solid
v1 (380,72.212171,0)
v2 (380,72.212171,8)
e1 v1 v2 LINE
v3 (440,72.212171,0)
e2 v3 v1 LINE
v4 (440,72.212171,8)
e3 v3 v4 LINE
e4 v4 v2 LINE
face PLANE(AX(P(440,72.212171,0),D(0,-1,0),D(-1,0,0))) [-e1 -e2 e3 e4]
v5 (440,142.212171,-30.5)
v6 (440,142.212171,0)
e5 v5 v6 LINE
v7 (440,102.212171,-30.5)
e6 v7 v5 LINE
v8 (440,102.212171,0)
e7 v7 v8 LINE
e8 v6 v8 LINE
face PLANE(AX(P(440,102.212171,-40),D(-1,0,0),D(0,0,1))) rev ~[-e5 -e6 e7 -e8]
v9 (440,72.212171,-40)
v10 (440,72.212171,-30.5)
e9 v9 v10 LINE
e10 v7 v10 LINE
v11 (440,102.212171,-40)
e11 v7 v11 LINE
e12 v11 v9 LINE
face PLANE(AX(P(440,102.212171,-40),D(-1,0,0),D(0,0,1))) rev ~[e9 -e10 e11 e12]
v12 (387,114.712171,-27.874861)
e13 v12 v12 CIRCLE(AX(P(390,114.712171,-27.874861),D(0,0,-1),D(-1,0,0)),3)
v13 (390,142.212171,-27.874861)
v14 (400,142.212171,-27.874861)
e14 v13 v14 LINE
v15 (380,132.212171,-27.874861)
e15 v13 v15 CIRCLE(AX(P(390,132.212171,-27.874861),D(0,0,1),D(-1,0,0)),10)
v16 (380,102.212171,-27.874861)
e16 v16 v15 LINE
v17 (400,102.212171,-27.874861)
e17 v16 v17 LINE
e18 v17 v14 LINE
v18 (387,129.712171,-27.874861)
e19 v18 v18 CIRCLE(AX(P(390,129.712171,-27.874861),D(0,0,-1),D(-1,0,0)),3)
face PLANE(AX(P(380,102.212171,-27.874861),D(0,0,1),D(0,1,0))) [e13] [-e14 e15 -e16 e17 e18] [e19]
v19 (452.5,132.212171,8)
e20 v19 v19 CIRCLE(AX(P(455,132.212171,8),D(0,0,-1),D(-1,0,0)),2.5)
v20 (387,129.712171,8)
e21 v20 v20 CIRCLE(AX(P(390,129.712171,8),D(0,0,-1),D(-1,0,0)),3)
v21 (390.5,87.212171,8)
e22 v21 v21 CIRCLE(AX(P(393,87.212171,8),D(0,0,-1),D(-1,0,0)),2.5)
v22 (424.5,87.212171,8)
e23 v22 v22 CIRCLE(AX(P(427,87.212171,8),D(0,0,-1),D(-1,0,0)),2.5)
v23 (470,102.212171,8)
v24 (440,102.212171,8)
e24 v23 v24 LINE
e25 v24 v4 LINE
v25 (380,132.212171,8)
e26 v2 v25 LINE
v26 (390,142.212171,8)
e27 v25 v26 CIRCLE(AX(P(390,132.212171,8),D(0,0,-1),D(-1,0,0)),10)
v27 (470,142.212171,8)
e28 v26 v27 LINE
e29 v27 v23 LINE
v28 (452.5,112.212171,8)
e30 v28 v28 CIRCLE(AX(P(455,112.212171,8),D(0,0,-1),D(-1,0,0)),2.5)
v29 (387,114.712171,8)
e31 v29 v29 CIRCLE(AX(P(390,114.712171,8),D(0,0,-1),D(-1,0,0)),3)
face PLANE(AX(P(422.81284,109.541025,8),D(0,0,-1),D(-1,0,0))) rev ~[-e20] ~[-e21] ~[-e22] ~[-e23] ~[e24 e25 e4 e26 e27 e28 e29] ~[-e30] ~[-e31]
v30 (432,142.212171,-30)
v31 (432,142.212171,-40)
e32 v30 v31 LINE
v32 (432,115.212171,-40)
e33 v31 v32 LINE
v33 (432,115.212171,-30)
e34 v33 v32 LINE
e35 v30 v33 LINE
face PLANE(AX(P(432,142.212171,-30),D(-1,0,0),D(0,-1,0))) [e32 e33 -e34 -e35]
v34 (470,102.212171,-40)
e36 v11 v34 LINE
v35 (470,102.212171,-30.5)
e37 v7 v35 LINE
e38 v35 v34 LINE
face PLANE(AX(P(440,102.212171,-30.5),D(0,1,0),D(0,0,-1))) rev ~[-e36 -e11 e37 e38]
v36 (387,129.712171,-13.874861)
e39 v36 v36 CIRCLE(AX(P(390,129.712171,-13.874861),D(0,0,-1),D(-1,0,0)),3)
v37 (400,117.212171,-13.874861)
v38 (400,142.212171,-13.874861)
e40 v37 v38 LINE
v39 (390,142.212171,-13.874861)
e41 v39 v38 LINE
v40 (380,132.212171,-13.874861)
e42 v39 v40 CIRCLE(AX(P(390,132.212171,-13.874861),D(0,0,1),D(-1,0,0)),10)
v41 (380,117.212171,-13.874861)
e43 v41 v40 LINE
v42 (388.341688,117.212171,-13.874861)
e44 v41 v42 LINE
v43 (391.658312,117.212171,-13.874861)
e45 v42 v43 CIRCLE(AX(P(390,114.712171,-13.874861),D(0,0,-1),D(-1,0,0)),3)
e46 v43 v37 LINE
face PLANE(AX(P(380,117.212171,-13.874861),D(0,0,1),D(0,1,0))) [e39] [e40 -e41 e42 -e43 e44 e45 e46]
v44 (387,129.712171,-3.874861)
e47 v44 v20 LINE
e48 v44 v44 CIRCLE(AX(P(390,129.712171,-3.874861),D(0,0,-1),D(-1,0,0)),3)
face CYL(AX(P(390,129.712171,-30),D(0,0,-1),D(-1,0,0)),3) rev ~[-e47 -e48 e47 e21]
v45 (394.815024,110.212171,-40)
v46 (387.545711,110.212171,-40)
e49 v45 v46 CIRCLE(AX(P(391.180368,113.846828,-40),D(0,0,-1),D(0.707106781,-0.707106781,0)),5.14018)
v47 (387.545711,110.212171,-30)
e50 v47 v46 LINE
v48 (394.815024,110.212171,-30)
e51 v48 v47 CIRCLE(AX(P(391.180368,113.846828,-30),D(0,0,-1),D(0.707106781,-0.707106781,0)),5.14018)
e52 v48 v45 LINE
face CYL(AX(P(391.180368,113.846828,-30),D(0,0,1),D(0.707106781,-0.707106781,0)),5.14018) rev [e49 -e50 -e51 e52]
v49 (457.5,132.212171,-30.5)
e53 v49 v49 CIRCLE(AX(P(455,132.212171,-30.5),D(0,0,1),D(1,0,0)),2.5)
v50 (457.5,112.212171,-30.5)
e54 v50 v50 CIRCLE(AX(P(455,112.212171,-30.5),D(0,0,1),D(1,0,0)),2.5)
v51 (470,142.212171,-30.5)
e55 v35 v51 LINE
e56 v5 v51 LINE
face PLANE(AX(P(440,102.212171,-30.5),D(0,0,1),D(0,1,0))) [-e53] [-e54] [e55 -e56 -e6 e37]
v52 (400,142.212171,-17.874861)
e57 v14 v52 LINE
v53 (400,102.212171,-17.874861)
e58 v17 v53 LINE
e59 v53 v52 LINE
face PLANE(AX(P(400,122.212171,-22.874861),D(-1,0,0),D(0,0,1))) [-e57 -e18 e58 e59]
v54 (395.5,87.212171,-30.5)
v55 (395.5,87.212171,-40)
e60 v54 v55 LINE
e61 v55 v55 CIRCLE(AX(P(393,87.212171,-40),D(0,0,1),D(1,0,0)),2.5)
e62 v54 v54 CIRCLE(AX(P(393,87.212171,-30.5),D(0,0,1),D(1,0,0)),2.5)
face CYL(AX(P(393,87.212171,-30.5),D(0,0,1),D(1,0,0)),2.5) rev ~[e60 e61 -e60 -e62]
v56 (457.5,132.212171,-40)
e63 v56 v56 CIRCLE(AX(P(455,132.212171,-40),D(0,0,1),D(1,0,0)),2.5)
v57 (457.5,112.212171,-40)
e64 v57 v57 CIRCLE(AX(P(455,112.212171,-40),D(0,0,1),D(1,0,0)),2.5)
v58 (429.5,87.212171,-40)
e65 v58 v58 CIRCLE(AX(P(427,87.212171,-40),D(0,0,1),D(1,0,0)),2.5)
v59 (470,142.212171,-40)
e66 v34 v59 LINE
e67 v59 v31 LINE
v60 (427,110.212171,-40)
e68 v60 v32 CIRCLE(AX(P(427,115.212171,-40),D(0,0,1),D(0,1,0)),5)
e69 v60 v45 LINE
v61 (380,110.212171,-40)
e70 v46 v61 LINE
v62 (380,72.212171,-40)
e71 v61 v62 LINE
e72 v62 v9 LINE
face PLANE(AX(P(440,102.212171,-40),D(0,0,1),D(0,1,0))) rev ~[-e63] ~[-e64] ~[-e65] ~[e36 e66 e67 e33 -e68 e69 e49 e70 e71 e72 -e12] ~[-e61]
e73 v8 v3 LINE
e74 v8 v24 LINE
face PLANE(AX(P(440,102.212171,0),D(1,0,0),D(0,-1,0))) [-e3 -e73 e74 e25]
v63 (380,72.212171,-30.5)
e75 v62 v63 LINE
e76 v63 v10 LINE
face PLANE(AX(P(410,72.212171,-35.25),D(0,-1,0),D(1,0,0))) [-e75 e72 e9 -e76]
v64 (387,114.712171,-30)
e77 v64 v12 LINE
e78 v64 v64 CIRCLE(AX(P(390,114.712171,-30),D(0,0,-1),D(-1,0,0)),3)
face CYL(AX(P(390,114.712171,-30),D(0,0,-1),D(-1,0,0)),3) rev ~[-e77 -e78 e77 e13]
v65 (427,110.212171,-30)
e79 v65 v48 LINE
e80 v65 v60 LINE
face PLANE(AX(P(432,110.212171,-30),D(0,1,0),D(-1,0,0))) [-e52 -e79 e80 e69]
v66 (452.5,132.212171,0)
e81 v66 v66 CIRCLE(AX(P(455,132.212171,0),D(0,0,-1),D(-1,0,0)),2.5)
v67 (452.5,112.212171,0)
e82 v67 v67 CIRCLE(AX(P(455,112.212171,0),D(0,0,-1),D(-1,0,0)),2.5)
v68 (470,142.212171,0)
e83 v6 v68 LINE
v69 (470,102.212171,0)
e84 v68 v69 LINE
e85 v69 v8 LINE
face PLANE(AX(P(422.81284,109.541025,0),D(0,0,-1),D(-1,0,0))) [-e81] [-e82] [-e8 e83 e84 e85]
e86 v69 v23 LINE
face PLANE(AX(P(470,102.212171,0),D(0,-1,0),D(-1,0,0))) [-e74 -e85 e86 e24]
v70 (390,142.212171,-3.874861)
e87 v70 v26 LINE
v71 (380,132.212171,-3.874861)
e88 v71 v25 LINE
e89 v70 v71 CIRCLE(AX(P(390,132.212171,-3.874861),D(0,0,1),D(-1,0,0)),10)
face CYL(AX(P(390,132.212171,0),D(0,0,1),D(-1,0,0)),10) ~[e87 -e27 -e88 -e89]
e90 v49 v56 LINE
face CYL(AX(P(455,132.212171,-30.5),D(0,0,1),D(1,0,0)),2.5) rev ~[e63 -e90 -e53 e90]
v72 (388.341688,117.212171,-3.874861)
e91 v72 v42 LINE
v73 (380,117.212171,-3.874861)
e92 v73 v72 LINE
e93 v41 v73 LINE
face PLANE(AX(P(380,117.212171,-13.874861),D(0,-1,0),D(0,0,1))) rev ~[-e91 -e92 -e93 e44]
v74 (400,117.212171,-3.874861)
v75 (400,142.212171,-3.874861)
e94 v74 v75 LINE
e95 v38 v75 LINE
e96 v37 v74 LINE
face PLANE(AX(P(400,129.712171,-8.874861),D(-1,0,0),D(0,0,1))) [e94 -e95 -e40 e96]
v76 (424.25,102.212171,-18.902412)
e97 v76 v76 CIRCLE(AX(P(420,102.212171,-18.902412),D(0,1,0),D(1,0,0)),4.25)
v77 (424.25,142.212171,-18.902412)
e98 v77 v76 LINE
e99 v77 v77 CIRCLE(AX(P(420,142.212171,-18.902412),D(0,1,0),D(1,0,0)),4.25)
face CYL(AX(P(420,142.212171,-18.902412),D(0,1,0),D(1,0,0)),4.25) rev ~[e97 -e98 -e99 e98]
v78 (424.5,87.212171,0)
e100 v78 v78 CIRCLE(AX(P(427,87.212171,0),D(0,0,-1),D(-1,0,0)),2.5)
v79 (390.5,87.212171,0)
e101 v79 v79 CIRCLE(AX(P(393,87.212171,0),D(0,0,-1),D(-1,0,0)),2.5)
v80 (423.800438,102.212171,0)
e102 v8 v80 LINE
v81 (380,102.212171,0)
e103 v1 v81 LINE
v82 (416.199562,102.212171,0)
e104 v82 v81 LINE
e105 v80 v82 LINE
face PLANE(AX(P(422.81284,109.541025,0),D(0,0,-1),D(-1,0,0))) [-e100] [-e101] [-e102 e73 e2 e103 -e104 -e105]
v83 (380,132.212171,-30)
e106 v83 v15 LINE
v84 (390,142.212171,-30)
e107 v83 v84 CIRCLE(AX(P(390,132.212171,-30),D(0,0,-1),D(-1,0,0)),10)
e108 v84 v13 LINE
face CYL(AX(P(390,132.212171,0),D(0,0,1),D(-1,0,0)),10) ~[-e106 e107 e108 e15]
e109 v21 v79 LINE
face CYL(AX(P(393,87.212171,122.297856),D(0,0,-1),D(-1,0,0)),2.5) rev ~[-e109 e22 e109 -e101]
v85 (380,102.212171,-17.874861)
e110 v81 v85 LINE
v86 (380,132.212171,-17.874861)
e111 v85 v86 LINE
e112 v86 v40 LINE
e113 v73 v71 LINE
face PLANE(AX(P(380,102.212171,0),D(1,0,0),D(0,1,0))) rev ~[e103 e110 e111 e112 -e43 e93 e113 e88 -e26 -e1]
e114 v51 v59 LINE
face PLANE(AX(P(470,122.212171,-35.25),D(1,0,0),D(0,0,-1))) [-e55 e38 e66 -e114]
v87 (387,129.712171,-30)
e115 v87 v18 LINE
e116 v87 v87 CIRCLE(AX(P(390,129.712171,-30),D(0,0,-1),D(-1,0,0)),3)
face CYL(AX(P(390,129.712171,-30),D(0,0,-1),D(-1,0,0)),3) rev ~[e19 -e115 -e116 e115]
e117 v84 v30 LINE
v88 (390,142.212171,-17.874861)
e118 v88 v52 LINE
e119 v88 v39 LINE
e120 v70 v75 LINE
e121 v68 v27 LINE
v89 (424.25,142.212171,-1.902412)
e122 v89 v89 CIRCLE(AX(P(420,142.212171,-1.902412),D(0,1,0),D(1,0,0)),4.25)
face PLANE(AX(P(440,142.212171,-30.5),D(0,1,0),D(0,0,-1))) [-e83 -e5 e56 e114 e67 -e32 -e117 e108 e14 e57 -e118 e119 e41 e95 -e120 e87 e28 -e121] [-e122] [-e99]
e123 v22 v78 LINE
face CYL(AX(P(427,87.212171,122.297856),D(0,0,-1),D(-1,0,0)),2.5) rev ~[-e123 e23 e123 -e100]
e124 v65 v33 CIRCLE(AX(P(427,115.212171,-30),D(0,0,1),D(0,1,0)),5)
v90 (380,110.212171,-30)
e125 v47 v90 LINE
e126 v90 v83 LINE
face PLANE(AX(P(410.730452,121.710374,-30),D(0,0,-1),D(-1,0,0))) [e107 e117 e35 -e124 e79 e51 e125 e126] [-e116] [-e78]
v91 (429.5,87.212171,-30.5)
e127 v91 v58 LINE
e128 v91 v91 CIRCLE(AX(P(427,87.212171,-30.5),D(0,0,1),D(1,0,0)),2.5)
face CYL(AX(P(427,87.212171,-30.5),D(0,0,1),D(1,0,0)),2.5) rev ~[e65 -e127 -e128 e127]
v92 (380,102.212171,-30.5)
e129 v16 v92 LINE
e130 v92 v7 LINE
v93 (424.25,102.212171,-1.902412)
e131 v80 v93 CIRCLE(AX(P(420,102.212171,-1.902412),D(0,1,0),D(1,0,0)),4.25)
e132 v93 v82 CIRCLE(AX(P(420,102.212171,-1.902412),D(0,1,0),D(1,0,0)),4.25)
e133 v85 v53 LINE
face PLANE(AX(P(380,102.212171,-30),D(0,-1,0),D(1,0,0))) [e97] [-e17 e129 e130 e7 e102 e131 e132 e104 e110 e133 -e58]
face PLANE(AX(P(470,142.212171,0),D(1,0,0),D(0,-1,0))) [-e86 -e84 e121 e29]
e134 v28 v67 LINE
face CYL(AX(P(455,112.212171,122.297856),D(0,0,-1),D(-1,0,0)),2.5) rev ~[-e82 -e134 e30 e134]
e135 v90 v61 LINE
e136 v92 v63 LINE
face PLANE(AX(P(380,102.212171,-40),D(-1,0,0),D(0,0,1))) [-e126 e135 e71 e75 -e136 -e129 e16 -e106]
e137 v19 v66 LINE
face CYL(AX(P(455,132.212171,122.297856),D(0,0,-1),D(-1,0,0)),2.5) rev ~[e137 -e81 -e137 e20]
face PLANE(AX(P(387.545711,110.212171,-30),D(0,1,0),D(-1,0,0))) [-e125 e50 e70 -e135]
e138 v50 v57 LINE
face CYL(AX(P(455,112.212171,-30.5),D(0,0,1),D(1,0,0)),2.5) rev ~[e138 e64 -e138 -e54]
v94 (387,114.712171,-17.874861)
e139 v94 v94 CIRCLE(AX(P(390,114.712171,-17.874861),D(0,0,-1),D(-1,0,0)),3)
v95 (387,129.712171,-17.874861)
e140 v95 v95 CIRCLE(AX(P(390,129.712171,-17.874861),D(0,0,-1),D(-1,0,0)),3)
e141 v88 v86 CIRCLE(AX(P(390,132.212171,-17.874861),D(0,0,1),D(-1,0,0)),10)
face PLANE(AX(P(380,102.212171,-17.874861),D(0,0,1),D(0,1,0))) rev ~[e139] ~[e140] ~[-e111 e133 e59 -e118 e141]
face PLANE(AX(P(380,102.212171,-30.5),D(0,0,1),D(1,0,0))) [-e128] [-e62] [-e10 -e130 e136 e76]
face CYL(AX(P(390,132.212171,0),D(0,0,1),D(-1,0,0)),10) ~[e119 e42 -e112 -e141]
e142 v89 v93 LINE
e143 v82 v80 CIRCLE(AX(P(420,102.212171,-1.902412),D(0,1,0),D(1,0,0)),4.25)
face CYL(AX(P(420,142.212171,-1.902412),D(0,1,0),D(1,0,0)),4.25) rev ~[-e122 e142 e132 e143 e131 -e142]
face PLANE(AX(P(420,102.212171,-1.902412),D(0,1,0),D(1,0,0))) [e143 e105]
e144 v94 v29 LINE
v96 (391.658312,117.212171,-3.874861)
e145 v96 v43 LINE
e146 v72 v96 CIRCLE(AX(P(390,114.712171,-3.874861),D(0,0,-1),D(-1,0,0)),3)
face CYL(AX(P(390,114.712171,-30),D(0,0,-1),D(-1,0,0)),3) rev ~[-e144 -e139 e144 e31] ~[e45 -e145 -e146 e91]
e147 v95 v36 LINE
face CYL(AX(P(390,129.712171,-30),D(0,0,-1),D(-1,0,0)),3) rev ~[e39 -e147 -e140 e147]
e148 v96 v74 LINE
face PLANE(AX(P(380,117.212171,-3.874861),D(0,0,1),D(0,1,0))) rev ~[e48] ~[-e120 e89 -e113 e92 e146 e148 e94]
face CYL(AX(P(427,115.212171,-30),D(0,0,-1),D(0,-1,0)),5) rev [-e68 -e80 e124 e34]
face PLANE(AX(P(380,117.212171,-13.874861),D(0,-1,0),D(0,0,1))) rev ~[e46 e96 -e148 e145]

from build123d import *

# Parameters (mm, degrees)
RESSALTO_EXTRUS_O1_DEPTH                   = 8
BROCA_DE_ROSQUEAR_PARA_TARRAXA_DE_M6X1_0_D = 5
RESSALTO_EXTRUS_O2_DEPTH                   = 30
ESBO_O6_W                                  = 10
ESBO_O6_H                                  = 40
ESBO_O6_H_2                                = 25
CORTE_EXTRUS_O2_DEPTH                      = 20
ESBO_O14_R                                 = 3
CORTE_EXTRUS_O6_DEPTH                      = 39
ESBO_O15_R                                 = 4.25
CORTE_EXTRUS_O7_DEPTH                      = 40
RESSALTO_EXTRUS_O3_DEPTH                   = 10
ESBO_O17_W                                 = 60
ESBO_O17_H                                 = 9.5
RESSALTO_EXTRUS_O4_DEPTH                   = 30
ESBO_O18_W                                 = 9.5
ESBO_O18_H                                 = 40
RESSALTO_EXTRUS_O5_DEPTH                   = 30
FILETE1_R                                  = 5
ESBO_O19_R                                 = 2.5
CORTE_EXTRUS_O8_DEPTH                      = 10
ESBO_O20_R                                 = 2.5
CORTE_EXTRUS_O9_DEPTH                      = 10


with BuildPart() as part:
    # Esboço1 → Ressalto-extrusão1 (new body)
    with BuildSketch(Plane.XY):
        with BuildLine():
            Line((440, 72.212171493), (380, 72.212171493))
            Line((380, 72.212171493), (380, 132.212171493))
            ThreePointArc((380, 132.212171493), (382.928932188, 139.283239304), (390, 142.212171493))
            Line((390, 142.212171493), (470, 142.212171493))
            Line((470, 142.212171493), (470, 102.212171493))
            Line((470, 102.212171493), (440, 102.212171493))
            Line((440, 102.212171493), (440, 72.212171493))
        make_face()
    extrude(amount=RESSALTO_EXTRUS_O1_DEPTH)

    # Broca de rosquear para tarraxa de M6x1.01 (through all)
    with Locations(Plane.XY.offset(8)):
        with Locations((393, 87.212171493), (427, 87.212171493), (455, 112.212171493), (455, 132.212171493)):
            Hole(BROCA_DE_ROSQUEAR_PARA_TARRAXA_DE_M6X1_0_D / 2)

    # Esboço4 → Ressalto-extrusão2 (add)
    with BuildSketch(Plane(origin=(0, 0, 0), x_dir=(-1, 0, 0), z_dir=(0, 0, -1))):
        with BuildLine():
            Line((-390, 142.212171493), (-440, 142.212171493))
            Line((-440, 142.212171493), (-440, 102.212171493))
            Line((-440, 102.212171493), (-380, 102.212171493))
            Line((-380, 102.212171493), (-380, 132.212171493))
            ThreePointArc((-380, 132.212171493), (-382.928932188, 139.283239304), (-390, 142.212171493))
        make_face()
    extrude(amount=RESSALTO_EXTRUS_O2_DEPTH)

    # Esboço6 → Corte-extrusão2 (cut)
    with BuildSketch(Plane.ZY.offset(-380)):
        with Locations((-22.874860756, 122.212171493)):
            Rectangle(ESBO_O6_W, ESBO_O6_H)
        with Locations((-8.874860756, 129.712171493)):
            Rectangle(ESBO_O6_W, ESBO_O6_H_2)
    extrude(amount=-CORTE_EXTRUS_O2_DEPTH, mode=Mode.SUBTRACT)

    # Esboço14 → Corte-extrusão6 (cut, through all)
    with BuildSketch(Plane(origin=(0, 0, -30), x_dir=(-1, 0, 0), z_dir=(0, 0, -1))):
        with Locations((-390, 129.712171493)):
            Circle(ESBO_O14_R)
        with Locations((-390, 114.712171493)):
            Circle(ESBO_O14_R)
    extrude(amount=-CORTE_EXTRUS_O6_DEPTH, mode=Mode.SUBTRACT)

    # Esboço15 → Corte-extrusão7 (cut)
    with BuildSketch(Plane(origin=(0, 142.212171493, 0), x_dir=(1, 0, 0), z_dir=(0, 1, 0))):
        with Locations((420, 18.90241208)):
            Circle(ESBO_O15_R)
        with Locations((420, 1.90241208)):
            Circle(ESBO_O15_R)
    extrude(amount=-CORTE_EXTRUS_O7_DEPTH, mode=Mode.SUBTRACT)

    # Esboço16 → Ressalto-extrusão3 (add)
    with BuildSketch(Plane(origin=(0, 0, -30), x_dir=(-1, 0, 0), z_dir=(0, 0, -1))):
        with BuildLine():
            Line((-380, 102.212171493), (-440, 102.212171493))
            Line((-440, 102.212171493), (-440, 110.212171493))
            Line((-440, 110.212171493), (-440, 142.212171493))
            Line((-440, 142.212171493), (-432, 142.212171493))
            Line((-432, 142.212171493), (-432, 110.212171493))
            Line((-432, 110.212171493), (-394.815024021, 110.212171493))
            ThreePointArc((-394.815024021, 110.212171493), (-391.180367629, 108.706647521), (-387.545711238, 110.212171493))
            Line((-387.545711238, 110.212171493), (-380, 110.212171493))
            Line((-380, 110.212171493), (-380, 102.212171493))
        make_face()
    extrude(amount=RESSALTO_EXTRUS_O3_DEPTH)

    # Esboço17 → Ressalto-extrusão4 (add, through all)
    with BuildSketch(Plane.XZ.offset(-102.212171493)):
        with Locations((410, -35.25)):
            Rectangle(ESBO_O17_W, ESBO_O17_H)
    extrude(amount=RESSALTO_EXTRUS_O4_DEPTH)

    # Esboço18 → Ressalto-extrusão5 (add, through all)
    with BuildSketch(Plane(origin=(440, 0, 0), x_dir=(0, 0, -1), z_dir=(1, 0, 0))):
        with Locations((35.25, 122.212171493)):
            Rectangle(ESBO_O18_W, ESBO_O18_H)
    extrude(amount=RESSALTO_EXTRUS_O5_DEPTH)

    # Filete1
    filete1_edges = [part.edges().sort_by_distance(p)[0] for p in [
        (432, 110.212171493, -35),
    ]]
    fillet(filete1_edges, radius=FILETE1_R)

    # Esboço19 → Corte-extrusão8 (cut)
    with BuildSketch(Plane.XY.offset(-30.5)):
        with Locations((455, 132.212171493)):
            Circle(ESBO_O19_R)
        with Locations((455, 112.212171493)):
            Circle(ESBO_O19_R)
    extrude(amount=-CORTE_EXTRUS_O8_DEPTH, mode=Mode.SUBTRACT)

    # Esboço20 → Corte-extrusão9 (cut)
    with BuildSketch(Plane.XY.offset(-30.5)):
        with Locations((427, 87.212171493)):
            Circle(ESBO_O20_R)
        with Locations((393, 87.212171493)):
            Circle(ESBO_O20_R)
    extrude(amount=-CORTE_EXTRUS_O9_DEPTH, mode=Mode.SUBTRACT)


solid = part.part
